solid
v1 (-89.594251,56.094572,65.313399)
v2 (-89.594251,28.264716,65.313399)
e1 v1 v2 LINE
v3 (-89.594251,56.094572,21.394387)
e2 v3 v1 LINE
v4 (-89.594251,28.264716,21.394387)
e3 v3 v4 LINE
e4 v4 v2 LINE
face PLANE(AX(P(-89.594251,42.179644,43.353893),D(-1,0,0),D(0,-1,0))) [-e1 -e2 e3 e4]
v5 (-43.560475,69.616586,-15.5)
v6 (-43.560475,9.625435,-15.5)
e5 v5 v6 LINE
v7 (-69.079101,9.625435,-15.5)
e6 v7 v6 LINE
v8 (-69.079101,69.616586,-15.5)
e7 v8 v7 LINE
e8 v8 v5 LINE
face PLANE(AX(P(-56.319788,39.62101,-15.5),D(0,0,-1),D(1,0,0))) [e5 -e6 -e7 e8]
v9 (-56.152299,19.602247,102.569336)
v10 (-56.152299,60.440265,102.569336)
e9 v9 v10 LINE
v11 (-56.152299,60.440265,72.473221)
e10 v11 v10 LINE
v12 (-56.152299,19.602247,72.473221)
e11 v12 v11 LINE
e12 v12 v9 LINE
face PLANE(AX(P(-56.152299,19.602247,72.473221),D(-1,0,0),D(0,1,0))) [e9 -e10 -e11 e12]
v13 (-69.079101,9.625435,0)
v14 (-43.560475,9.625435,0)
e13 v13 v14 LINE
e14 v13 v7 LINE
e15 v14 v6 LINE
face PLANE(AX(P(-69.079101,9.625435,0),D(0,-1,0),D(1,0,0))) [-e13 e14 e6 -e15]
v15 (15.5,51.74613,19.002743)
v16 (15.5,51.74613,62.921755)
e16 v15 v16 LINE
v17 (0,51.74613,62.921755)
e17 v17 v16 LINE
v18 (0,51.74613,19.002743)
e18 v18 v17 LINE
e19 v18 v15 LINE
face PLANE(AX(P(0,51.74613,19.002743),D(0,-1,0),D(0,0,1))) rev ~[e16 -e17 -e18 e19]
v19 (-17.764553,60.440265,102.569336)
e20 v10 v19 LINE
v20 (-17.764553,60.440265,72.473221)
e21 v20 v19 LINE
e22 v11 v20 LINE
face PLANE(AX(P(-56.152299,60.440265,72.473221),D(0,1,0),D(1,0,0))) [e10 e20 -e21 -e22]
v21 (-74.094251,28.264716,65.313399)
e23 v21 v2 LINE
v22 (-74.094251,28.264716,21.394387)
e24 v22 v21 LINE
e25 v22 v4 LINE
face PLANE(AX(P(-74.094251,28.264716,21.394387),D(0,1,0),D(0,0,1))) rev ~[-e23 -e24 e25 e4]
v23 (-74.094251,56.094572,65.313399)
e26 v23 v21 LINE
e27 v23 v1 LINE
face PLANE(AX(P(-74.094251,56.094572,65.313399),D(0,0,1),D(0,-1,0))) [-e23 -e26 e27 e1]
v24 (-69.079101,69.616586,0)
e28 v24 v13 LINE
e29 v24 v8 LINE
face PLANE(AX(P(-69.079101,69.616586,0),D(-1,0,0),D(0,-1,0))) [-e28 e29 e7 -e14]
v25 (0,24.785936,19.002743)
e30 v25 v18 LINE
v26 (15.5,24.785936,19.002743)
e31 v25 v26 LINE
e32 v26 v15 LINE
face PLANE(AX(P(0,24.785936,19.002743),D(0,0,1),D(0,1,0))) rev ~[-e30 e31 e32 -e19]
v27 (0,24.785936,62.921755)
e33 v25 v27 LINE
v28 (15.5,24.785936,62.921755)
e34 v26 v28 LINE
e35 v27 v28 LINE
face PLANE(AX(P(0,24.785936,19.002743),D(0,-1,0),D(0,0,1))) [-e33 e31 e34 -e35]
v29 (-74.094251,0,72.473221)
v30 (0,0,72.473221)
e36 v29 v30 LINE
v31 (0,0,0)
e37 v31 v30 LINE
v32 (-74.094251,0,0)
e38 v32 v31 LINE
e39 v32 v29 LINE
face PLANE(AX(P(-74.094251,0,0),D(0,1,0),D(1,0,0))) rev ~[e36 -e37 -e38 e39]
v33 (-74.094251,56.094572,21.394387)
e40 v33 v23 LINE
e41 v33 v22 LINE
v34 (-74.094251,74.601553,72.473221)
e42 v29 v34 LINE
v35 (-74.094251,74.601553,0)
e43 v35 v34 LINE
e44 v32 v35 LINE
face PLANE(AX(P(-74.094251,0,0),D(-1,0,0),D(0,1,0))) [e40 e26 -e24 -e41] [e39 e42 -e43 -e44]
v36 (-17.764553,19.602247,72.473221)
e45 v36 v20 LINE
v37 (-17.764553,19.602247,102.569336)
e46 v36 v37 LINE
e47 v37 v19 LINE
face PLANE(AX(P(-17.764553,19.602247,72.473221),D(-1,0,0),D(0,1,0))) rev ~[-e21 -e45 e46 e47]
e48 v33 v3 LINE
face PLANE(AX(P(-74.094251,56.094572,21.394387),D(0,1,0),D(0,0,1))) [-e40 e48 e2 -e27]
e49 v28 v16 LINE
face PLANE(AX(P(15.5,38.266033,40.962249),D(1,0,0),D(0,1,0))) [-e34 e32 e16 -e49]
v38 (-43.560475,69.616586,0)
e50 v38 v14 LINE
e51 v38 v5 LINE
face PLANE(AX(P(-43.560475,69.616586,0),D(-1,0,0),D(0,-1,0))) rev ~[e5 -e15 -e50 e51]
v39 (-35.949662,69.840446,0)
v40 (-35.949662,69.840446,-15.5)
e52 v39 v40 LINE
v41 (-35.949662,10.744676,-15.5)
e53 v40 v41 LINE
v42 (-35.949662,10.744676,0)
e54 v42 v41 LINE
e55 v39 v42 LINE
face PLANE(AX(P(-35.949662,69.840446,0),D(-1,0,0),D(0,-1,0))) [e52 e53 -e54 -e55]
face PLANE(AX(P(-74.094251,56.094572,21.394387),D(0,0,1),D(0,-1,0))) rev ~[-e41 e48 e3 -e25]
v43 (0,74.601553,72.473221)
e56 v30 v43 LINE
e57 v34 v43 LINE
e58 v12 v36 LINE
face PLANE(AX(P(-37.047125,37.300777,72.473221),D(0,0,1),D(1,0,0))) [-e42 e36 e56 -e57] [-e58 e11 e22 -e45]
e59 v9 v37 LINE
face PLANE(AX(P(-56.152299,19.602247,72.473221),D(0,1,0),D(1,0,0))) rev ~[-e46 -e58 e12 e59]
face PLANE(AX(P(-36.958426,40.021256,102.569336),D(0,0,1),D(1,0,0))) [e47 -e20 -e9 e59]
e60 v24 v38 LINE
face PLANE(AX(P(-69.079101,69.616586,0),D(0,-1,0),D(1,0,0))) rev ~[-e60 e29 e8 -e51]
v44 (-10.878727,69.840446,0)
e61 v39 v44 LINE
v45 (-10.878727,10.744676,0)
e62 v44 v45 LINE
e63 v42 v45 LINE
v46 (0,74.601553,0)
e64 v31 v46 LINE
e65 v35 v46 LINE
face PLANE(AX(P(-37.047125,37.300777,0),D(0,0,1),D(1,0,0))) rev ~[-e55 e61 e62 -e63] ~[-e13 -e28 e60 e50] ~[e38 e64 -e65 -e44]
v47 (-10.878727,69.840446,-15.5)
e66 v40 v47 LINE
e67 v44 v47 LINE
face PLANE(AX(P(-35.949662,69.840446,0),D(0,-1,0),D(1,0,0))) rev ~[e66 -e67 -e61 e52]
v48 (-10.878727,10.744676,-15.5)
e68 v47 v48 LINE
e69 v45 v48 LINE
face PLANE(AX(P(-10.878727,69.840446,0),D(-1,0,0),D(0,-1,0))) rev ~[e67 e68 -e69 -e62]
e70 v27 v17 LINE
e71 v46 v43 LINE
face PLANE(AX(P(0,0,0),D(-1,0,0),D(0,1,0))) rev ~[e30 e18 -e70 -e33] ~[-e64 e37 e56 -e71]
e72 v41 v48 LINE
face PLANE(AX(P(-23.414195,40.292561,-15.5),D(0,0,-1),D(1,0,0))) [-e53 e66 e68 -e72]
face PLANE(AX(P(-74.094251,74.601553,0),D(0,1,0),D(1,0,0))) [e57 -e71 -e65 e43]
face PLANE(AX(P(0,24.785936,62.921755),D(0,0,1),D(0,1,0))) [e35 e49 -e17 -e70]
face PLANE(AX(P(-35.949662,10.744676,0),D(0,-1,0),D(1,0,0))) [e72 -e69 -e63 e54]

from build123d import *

# Parameters (mm, degrees)
F0_W      = 74.0942507982
F0_H      = 74.6015533805
F1_DEPTH  = 72.4732205272
F2_W      = 38.3877456188
F2_H      = 40.8380180597
F3_DEPTH  = 30.0961155444
F4_W      = 26.9601941109
F4_H      = 43.9190119505
F5_DEPTH  = 15.5
F6_W      = 27.8298556805
F6_H      = 43.9190119505
F7_DEPTH  = 15.5
F8_W      = 25.5186259747
F8_H      = 59.9911510944
F9_DEPTH  = 15.5
F10_W     = 25.0709354877
F10_H     = 59.0957701206
F11_DEPTH = 15.5


with BuildPart() as f1:
    # F0 (on Top) → F1 (new body)
    with BuildSketch(Plane.XY):
        with Locations((-37.0471253991, 37.3007766902)):
            Rectangle(F0_W, F0_H)
    extrude(amount=F1_DEPTH)

    # F2 (on face) → F3 (join)
    with BuildSketch(Plane.XY.offset(72.4732205272)):
        with Locations((-36.9584262371, 40.0212556124)):
            Rectangle(F2_W, F2_H)
    extrude(amount=F3_DEPTH)

    # F4 (on face) → F5 (join)
    with BuildSketch(Plane.YZ):
        with Locations((38.2660329342, 40.9622490406)):
            Rectangle(F4_W, F4_H)
    extrude(amount=F5_DEPTH)

    # F6 (on face) → F7 (join)
    with BuildSketch(Plane(origin=(-74.0942507982, 0, 0), x_dir=(0, -1, 0), z_dir=(-1, 0, 0))):
        with Locations((-42.1796441078, 43.3538928628)):
            Rectangle(F6_W, F6_H)
    extrude(amount=F7_DEPTH)

    # F8 (on face) → F9 (join)
    with BuildSketch(Plane(origin=(0, 0, 0), x_dir=(1, 0, 0), z_dir=(0, 0, -1))):
        with Locations((-56.3197880983, -39.6210104227)):
            Rectangle(F8_W, F8_H)
    extrude(amount=F9_DEPTH)

    # F10 (on face) → F11 (join)
    with BuildSketch(Plane(origin=(0, 0, 0), x_dir=(1, 0, 0), z_dir=(0, 0, -1))):
        with Locations((-23.4141945839, -40.2925610542)):
            Rectangle(F10_W, F10_H)
    extrude(amount=F11_DEPTH)


solid = f1.part
